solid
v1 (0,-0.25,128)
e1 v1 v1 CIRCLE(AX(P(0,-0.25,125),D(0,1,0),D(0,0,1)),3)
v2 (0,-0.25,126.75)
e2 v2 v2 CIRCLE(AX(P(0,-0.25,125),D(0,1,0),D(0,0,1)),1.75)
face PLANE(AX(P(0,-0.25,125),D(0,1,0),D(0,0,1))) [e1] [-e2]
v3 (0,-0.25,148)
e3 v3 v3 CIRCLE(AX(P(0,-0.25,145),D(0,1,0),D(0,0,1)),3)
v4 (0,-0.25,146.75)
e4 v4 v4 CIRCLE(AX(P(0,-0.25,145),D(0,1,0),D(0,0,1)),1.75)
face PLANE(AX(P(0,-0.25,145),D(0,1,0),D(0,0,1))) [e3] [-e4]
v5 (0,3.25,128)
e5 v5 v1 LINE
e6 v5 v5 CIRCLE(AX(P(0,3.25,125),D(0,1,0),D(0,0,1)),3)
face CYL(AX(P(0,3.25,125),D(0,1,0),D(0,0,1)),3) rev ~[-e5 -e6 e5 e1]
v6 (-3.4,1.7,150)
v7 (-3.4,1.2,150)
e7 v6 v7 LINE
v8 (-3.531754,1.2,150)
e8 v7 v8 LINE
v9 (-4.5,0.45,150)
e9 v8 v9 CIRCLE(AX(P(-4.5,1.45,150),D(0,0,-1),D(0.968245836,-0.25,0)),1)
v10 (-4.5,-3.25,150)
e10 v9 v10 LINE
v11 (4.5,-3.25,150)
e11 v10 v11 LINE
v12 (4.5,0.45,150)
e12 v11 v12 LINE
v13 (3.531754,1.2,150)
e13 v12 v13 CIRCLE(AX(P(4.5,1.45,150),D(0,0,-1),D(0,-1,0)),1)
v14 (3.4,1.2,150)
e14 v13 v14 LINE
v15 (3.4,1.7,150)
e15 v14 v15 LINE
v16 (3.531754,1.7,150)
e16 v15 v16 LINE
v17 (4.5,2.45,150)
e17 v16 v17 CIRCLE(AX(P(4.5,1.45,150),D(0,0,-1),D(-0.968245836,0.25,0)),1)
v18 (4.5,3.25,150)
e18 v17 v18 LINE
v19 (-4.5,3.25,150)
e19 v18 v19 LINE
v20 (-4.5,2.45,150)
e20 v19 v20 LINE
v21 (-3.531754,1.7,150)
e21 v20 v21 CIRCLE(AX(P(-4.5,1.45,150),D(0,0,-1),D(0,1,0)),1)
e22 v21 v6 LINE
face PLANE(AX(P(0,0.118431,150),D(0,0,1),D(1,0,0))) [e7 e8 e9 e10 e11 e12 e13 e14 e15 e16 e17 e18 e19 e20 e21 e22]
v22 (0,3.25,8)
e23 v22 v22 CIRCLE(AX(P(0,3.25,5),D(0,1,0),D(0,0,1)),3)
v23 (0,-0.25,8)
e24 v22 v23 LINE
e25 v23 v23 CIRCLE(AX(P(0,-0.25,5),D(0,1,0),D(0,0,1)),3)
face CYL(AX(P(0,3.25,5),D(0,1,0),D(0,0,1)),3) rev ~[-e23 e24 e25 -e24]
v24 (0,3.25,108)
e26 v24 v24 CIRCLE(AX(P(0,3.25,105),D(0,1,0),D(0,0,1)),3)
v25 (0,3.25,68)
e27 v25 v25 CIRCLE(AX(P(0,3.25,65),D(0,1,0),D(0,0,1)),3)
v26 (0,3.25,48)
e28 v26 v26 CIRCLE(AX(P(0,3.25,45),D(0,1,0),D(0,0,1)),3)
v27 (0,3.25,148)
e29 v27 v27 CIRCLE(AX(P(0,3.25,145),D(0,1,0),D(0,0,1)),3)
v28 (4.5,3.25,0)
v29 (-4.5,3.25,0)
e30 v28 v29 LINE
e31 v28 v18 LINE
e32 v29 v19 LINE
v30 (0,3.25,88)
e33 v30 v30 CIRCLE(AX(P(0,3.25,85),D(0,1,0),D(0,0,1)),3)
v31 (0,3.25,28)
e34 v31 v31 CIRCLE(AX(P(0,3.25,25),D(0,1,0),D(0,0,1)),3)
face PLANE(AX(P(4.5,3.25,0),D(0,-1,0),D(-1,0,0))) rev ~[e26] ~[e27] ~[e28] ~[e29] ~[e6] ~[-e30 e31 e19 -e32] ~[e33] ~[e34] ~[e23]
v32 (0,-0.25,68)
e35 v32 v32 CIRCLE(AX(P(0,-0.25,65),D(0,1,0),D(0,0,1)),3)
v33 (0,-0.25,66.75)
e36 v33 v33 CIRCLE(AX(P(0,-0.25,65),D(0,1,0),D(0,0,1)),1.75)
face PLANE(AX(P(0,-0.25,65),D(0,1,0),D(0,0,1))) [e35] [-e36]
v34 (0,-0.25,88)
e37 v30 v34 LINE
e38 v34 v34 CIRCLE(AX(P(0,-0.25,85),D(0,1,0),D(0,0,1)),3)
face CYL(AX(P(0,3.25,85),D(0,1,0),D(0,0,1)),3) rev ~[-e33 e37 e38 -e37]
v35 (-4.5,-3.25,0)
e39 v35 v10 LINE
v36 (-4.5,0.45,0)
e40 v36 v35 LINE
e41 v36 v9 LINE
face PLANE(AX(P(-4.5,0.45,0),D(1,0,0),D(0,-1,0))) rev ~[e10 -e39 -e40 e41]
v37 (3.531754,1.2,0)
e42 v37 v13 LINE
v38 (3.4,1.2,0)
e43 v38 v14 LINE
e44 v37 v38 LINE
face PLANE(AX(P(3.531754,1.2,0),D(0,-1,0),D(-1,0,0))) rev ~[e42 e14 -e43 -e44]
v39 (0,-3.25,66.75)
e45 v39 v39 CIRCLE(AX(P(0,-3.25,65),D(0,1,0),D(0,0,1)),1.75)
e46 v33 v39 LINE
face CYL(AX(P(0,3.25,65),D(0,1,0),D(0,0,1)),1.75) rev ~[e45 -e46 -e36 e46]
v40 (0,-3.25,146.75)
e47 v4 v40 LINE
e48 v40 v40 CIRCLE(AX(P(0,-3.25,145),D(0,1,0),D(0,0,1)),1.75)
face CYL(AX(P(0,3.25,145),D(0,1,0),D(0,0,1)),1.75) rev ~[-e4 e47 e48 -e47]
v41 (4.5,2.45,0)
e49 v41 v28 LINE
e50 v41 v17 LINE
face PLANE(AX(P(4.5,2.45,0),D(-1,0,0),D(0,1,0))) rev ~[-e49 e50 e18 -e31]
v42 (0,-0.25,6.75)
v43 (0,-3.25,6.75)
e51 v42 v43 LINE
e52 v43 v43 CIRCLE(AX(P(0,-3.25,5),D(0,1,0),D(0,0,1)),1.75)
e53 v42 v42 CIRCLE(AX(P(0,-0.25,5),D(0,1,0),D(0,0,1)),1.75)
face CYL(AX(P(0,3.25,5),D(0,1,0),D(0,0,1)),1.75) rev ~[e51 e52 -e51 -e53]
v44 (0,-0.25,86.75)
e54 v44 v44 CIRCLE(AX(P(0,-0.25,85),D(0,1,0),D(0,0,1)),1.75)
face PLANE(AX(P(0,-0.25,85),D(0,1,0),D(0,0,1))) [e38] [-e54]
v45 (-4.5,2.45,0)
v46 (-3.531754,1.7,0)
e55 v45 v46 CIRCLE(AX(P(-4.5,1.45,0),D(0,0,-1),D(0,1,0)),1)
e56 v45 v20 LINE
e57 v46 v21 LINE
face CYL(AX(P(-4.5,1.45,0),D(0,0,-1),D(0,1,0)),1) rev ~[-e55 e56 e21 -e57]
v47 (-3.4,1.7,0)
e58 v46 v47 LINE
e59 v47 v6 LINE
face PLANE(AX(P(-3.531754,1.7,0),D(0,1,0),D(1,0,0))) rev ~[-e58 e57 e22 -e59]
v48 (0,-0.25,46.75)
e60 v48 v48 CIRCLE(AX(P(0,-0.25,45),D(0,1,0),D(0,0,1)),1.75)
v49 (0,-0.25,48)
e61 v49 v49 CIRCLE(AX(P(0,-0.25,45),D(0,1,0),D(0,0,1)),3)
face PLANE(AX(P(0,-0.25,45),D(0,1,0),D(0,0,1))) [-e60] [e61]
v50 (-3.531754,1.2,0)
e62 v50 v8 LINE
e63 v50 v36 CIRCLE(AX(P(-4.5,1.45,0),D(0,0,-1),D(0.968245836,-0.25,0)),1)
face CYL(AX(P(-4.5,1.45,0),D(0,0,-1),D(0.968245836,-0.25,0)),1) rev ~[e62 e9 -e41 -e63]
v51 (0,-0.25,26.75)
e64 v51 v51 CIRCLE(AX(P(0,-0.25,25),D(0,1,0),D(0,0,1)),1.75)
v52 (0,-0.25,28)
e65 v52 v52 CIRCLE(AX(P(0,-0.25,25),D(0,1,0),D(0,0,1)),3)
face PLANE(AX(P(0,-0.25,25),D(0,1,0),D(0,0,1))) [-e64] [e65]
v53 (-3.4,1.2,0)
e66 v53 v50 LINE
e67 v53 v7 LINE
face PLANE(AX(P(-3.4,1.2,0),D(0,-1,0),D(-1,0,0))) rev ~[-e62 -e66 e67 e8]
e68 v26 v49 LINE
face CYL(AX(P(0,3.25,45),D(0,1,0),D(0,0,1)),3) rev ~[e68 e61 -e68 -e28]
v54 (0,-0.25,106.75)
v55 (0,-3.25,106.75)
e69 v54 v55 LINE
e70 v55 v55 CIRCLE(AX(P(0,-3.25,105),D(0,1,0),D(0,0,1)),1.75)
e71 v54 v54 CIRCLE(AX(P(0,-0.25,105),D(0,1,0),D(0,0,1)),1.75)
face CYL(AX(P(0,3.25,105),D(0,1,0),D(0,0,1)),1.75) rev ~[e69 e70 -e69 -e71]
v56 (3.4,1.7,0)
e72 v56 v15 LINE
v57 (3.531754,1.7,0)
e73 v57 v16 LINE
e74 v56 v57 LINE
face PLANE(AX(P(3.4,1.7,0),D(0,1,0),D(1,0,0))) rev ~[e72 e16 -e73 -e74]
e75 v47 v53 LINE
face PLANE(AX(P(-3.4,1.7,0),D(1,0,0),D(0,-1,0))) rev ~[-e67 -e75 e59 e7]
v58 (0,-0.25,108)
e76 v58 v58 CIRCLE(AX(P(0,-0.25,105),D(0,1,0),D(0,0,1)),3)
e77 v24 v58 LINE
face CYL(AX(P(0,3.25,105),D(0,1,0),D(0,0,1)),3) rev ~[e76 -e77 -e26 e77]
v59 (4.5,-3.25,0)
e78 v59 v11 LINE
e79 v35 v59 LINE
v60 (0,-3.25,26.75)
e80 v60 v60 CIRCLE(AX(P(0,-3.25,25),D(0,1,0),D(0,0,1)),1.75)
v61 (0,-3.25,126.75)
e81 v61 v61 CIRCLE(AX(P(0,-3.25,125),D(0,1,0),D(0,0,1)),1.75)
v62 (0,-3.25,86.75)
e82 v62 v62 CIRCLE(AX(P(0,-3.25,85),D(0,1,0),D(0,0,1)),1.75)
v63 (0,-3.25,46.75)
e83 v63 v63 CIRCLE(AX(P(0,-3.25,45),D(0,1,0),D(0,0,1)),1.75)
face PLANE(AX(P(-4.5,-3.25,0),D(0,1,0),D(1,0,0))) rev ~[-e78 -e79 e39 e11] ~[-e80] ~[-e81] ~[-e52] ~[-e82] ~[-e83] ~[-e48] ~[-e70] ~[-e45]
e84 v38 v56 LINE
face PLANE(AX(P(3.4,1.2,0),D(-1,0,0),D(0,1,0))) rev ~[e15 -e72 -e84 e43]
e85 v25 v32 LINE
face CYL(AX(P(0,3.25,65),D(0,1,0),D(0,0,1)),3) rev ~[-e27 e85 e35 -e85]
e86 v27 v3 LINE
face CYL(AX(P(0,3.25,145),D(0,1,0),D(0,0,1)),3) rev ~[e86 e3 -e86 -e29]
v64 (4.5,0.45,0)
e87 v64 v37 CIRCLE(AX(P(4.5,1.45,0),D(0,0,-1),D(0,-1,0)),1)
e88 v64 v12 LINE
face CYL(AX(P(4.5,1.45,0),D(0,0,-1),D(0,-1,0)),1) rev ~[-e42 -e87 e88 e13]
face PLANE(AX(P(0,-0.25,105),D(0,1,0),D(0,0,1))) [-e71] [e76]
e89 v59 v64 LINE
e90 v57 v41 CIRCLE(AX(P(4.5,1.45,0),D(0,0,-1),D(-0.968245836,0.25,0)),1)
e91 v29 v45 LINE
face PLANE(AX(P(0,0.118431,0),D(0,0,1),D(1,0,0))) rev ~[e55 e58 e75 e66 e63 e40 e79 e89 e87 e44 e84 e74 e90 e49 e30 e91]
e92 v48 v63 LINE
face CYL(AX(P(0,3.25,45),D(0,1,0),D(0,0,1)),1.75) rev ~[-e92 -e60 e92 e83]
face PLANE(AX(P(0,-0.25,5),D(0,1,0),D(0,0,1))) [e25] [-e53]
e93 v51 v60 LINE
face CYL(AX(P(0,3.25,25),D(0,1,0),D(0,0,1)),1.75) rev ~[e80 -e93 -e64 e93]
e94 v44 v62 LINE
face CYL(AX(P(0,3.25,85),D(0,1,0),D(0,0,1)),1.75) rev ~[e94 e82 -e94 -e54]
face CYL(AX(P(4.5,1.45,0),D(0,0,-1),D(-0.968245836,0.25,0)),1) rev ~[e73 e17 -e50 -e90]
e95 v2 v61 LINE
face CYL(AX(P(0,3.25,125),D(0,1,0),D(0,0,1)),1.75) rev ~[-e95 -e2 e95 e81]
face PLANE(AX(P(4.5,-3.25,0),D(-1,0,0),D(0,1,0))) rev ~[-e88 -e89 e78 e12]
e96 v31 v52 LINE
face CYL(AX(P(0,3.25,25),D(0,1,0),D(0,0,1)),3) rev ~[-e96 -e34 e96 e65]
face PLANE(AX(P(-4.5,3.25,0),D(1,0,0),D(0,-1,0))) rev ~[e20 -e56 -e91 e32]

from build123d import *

# Parameters (mm, degrees)
EXTRUDE1_DEPTH  = 150
SKETCH2_R       = 3
EXTRUDE2_DEPTH  = 3.5
SKETCH_R        = 1.75
EXTRUDE3_DEPTH  = 151.208188858
LPATTERN1_COUNT = 40
LPATTERN1_PITCH = 20


with BuildPart() as part:
    # Sketch1 → Extrude1 (new body)
    with BuildSketch(Plane.XY):
        with BuildLine():
            Line((-4.5, -3.25), (4.5, -3.25))
            Line((4.5, -3.25), (4.5, 0.45))
            ThreePointArc((4.5, 0.45), (3.887627564, 0.659430585), (3.531754163, 1.2))
            Line((3.531754163, 1.2), (3.4, 1.2))
            Line((3.4, 1.2), (3.4, 1.7))
            Line((3.4, 1.7), (3.531754163, 1.7))
            ThreePointArc((3.531754163, 1.7), (3.887627564, 2.240569415), (4.5, 2.45))
            Line((4.5, 2.45), (4.5, 3.25))
            Line((4.5, 3.25), (-4.5, 3.25))
            Line((-4.5, 3.25), (-4.5, 2.45))
            ThreePointArc((-4.5, 2.45), (-3.887627564, 2.240569415), (-3.531754163, 1.7))
            Line((-3.531754163, 1.7), (-3.4, 1.7))
            Line((-3.4, 1.7), (-3.4, 1.2))
            Line((-3.4, 1.2), (-3.531754163, 1.2))
            ThreePointArc((-3.531754163, 1.2), (-3.887627564, 0.659430585), (-4.5, 0.45))
            Line((-4.5, 0.45), (-4.5, -3.25))
        make_face()
    extrude(amount=EXTRUDE1_DEPTH)

    # Sketch2 → Extrude2 (cut)
    with BuildSketch(Plane(origin=(0, 3.25, 0), x_dir=(1, 0, 0), z_dir=(0, 1, 0))):
        with Locations(Location((0, -5, 0), (0, 0, 270))):
            Circle(SKETCH2_R)
    extrude2 = extrude(amount=-EXTRUDE2_DEPTH, mode=Mode.SUBTRACT)

    # Sketch → Extrude3 (cut, through all)
    with BuildSketch(Plane(origin=(0, 3.25, 0), x_dir=(1, 0, 0), z_dir=(0, 1, 0))):
        with Locations(Location((0, -5, 0), (0, 0, 270))):
            Circle(SKETCH_R)
    extrude3 = extrude(amount=-EXTRUDE3_DEPTH, mode=Mode.SUBTRACT)

    # LPattern1: Extrude2, Extrude3 ×40
    with Locations(*[(0, 0, i * LPATTERN1_PITCH) for i in range(1, LPATTERN1_COUNT)]):
        add(extrude2, mode=Mode.SUBTRACT)
        add(extrude3, mode=Mode.SUBTRACT)


solid = part.part
